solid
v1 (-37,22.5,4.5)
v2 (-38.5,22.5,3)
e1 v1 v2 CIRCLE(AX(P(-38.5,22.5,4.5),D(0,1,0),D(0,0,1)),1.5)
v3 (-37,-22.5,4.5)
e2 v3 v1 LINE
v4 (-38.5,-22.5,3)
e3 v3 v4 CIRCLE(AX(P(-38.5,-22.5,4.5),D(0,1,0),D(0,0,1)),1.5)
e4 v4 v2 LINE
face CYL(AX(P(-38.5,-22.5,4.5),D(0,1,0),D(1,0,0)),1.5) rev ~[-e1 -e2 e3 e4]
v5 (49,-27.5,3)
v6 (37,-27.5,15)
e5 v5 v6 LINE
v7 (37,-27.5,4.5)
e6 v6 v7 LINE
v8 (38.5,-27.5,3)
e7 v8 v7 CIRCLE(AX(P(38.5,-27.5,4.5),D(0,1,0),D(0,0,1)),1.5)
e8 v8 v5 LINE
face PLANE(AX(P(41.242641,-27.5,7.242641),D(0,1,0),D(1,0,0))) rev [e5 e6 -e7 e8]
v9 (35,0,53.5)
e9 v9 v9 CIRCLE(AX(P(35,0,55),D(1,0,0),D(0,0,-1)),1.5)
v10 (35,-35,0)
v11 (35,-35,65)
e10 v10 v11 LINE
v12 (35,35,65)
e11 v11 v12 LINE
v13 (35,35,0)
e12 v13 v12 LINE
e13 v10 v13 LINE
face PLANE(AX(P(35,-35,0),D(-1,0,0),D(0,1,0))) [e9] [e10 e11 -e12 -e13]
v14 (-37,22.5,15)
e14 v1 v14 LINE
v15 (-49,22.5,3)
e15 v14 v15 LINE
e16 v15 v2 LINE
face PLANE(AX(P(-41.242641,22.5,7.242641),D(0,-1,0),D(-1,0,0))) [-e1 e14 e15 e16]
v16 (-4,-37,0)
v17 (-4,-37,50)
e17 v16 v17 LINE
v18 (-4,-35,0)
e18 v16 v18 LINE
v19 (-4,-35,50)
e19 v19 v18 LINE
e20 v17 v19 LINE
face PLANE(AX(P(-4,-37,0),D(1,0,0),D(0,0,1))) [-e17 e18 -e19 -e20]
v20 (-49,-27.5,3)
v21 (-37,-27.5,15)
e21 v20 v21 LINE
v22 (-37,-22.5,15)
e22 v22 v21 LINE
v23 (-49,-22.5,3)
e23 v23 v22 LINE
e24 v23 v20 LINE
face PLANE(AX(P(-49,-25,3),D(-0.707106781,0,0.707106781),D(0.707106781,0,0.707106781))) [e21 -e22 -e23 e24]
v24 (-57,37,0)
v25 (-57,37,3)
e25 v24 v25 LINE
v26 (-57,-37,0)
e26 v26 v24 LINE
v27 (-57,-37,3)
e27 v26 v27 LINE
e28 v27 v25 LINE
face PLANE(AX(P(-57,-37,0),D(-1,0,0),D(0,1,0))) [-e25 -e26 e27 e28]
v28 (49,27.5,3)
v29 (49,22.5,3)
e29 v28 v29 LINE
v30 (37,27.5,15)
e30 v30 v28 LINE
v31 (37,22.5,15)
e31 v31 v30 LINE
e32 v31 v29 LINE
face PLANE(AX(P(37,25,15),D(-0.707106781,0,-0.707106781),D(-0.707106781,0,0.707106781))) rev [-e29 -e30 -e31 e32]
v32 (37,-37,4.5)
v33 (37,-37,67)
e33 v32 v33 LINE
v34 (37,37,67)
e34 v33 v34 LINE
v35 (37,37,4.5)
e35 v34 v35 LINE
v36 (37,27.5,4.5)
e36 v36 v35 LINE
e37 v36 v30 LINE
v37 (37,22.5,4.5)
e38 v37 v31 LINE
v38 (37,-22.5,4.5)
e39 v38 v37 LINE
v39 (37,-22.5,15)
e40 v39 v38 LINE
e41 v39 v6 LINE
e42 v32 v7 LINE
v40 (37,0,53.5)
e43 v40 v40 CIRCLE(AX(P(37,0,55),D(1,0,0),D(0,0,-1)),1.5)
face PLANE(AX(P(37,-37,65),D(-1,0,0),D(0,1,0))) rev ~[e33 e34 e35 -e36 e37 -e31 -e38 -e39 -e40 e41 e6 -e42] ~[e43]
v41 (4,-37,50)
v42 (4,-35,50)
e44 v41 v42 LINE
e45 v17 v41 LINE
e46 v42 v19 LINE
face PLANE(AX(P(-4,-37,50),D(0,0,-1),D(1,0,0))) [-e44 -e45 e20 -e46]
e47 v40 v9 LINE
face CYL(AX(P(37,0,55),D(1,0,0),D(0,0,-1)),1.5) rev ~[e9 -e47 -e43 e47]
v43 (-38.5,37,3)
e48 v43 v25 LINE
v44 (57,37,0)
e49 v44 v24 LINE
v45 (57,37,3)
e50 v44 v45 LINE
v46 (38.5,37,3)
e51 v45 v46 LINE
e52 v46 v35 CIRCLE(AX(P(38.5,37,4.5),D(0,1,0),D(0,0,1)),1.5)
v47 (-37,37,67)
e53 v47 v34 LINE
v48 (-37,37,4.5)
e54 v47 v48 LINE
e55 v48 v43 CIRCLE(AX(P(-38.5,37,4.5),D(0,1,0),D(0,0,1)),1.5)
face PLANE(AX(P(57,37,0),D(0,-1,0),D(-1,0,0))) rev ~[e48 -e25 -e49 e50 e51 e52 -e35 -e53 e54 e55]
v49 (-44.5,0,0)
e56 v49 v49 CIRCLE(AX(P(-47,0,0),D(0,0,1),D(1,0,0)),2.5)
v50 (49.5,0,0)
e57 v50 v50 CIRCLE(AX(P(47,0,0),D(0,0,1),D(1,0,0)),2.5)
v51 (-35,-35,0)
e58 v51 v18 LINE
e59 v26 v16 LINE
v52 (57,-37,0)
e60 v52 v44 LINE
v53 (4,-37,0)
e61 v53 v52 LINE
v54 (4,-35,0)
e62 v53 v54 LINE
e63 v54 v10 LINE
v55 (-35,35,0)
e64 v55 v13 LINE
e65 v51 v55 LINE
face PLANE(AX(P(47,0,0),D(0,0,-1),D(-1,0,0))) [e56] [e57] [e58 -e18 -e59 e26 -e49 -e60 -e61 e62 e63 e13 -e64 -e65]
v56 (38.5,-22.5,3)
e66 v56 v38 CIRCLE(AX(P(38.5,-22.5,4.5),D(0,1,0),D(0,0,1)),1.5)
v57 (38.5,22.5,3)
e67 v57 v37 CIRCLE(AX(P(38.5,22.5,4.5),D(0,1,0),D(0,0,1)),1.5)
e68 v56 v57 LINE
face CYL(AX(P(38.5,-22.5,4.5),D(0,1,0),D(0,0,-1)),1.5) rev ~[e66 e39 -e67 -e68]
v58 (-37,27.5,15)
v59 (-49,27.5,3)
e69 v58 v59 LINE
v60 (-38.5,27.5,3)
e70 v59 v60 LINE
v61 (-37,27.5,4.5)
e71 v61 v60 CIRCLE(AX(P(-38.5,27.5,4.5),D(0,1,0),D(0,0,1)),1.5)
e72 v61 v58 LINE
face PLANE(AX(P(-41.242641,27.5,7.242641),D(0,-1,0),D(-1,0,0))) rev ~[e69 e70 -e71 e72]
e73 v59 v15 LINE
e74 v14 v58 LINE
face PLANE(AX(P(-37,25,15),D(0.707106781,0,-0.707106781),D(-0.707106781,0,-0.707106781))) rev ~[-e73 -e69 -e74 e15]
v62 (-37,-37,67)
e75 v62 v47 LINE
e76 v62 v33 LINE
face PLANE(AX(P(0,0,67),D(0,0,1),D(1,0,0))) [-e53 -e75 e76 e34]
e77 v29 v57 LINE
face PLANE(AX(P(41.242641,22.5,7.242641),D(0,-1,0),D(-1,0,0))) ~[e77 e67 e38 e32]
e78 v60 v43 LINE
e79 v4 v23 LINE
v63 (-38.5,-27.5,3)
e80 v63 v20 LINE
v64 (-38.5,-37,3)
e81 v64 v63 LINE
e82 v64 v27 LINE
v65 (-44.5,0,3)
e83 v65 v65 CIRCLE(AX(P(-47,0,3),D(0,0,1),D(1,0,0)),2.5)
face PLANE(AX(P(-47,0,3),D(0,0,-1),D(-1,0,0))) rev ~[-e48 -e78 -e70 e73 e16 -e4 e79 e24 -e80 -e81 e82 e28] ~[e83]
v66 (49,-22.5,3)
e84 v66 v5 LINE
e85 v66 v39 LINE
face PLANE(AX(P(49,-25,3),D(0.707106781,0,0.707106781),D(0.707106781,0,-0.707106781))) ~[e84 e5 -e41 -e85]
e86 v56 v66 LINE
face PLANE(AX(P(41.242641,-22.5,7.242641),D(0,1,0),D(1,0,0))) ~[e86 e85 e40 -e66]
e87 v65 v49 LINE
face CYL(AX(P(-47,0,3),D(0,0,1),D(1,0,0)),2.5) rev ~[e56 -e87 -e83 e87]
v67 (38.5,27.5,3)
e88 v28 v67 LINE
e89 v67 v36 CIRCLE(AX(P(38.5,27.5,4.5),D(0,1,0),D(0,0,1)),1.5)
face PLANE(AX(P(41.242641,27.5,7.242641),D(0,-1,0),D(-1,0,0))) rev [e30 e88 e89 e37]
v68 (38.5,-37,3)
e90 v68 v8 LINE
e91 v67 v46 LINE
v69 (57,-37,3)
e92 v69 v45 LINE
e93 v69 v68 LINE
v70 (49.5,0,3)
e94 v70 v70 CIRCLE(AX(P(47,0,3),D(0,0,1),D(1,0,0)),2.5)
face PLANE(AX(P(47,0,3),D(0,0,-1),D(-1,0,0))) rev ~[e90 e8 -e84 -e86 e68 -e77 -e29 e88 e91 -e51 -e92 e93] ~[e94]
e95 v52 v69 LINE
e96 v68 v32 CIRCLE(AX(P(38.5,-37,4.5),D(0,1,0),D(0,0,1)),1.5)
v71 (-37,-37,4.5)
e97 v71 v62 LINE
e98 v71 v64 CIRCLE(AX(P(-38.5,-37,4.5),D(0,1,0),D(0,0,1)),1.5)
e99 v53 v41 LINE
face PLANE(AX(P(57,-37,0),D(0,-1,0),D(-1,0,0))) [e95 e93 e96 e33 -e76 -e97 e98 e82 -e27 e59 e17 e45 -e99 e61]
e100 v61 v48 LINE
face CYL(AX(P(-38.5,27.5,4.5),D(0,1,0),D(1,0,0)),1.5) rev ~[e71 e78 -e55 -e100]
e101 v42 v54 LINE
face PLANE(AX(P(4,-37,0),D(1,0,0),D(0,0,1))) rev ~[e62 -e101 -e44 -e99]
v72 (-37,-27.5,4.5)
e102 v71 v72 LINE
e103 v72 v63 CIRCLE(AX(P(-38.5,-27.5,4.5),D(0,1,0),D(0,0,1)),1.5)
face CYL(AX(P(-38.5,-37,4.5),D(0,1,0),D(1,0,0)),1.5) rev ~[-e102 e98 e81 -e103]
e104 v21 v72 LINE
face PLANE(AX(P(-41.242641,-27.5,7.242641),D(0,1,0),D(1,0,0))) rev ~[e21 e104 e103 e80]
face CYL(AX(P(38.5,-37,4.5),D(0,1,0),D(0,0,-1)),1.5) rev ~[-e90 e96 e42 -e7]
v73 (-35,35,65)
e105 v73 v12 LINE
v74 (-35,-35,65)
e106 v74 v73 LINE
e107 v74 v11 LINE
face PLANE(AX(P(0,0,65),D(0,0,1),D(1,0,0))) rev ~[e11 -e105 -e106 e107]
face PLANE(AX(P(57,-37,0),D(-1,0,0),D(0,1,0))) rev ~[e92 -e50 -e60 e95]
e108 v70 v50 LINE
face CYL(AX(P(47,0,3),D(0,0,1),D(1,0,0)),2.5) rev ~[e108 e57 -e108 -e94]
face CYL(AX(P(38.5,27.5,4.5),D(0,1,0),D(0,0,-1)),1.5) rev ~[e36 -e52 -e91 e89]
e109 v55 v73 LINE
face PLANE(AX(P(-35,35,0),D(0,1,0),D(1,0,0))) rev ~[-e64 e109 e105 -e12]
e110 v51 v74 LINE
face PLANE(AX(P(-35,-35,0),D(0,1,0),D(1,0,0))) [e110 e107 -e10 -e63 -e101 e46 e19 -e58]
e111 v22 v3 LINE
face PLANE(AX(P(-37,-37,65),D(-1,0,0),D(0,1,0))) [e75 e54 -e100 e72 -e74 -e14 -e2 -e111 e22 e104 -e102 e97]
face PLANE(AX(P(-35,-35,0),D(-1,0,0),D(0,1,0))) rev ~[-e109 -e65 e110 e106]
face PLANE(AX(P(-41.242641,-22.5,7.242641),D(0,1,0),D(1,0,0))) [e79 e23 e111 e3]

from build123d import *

# Parameters (mm, degrees)
SKETCH_1_W          = 74
SKETCH_1_H          = 74
SKETCH_1_W_2        = 70
SKETCH_1_H_2        = 70
EXTRUDE_1_DEPTH     = 65
SKETCH_2_W          = 74
SKETCH_2_H          = 74
EXTRUDE_2_DEPTH     = 2
SKETCH_3_W          = 20
SKETCH_3_H          = 74
EXTRUDE_3_DEPTH     = 3
EXTRUDE_4_DEPTH     = 2.5
EXTRUDE_5_DEPTH     = 2.5
SKETCH_6_R          = 2.5
CUT_EXTRUDE_1_DEPTH = 5
FILLET_1_R          = 1.5
SKETCH_7_W          = 8
SKETCH_7_H          = 50
CUT_EXTRUDE_2_DEPTH = 5
SKETCH_9_R          = 1.5
CUT_EXTRUDE_3_DEPTH = 5


with BuildPart() as part:
    # 草图1 → 凸台-拉伸1 (new body)
    with BuildSketch(Plane.XY):
        Rectangle(SKETCH_1_W, SKETCH_1_H)
        Rectangle(SKETCH_1_W_2, SKETCH_1_H_2, mode=Mode.SUBTRACT)
    extrude(amount=EXTRUDE_1_DEPTH)

    # 草图2 → 凸台-拉伸2 (add)
    with BuildSketch(Plane.XY.offset(65)):
        Rectangle(SKETCH_2_W, SKETCH_2_H)
    extrude(amount=EXTRUDE_2_DEPTH)

    # 草图3 → 凸台-拉伸3 (add)
    with BuildSketch(Plane(origin=(0, 0, 0), x_dir=(-1, 0, 0), z_dir=(0, 0, -1))):
        with Locations((-47, 0)):
            Rectangle(SKETCH_3_W, SKETCH_3_H)
        with Locations((47, 0)):
            Rectangle(SKETCH_3_W, SKETCH_3_H)
    extrude(amount=-EXTRUDE_3_DEPTH)

    # 草图4 → 凸台-拉伸4 (add, symmetric)
    with BuildSketch(Plane(origin=(0, 25, 0), x_dir=(1, 0, 0), z_dir=(0, 1, 0))):
        Polygon((-37, -15), (-49, -3), (-37, -3), align=None)
    extrude_4 = extrude(amount=EXTRUDE_4_DEPTH, both=True)

    # 草图5 → 凸台-拉伸5 (add, symmetric)
    with BuildSketch(Plane(origin=(0, -25, 0), x_dir=(1, 0, 0), z_dir=(0, 1, 0))):
        Polygon((-37, -15), (-37, -3), (-49, -3), align=None)
    extrude_5 = extrude(amount=EXTRUDE_5_DEPTH, both=True)

    # 镜向1: 凸台-拉伸4, 凸台-拉伸5 across plane
    add(extrude_4.mirror(Plane(origin=(0, 0, 0), x_dir=(0, 0, 1), z_dir=(1, 0, 0))))
    add(extrude_5.mirror(Plane(origin=(0, 0, 0), x_dir=(0, 0, 1), z_dir=(1, 0, 0))))

    # 草图6 → 切除-拉伸1 (cut)
    with BuildSketch(Plane.XY.offset(3)):
        with Locations((47, 0)):
            Circle(SKETCH_6_R)
        with Locations((-47, 0)):
            Circle(SKETCH_6_R)
    extrude(amount=-CUT_EXTRUDE_1_DEPTH, mode=Mode.SUBTRACT)

    # 圆角1
    fillet_1_edges = [part.edges().sort_by_distance(p)[0] for p in [
        (37, 0, 3),
        (-37, 32.25, 3),
        (37, -32.25, 3),
        (-37, 0, 3),
        (-37, -32.25, 3),
        (37, 32.25, 3),
    ]]
    fillet(fillet_1_edges, radius=FILLET_1_R)

    # 草图7 → 切除-拉伸2 (cut)
    with BuildSketch(Plane.XZ.offset(37)):
        with Locations((0, 25)):
            Rectangle(SKETCH_7_W, SKETCH_7_H)
    extrude(amount=-CUT_EXTRUDE_2_DEPTH, mode=Mode.SUBTRACT)

    # 草图9 → 切除-拉伸3 (cut)
    with BuildSketch(Plane(origin=(37, 0, 0), x_dir=(0, 0, -1), z_dir=(1, 0, 0))):
        with Locations((-55, 0)):
            Circle(SKETCH_9_R)
    extrude(amount=-CUT_EXTRUDE_3_DEPTH, mode=Mode.SUBTRACT)


solid = part.part
